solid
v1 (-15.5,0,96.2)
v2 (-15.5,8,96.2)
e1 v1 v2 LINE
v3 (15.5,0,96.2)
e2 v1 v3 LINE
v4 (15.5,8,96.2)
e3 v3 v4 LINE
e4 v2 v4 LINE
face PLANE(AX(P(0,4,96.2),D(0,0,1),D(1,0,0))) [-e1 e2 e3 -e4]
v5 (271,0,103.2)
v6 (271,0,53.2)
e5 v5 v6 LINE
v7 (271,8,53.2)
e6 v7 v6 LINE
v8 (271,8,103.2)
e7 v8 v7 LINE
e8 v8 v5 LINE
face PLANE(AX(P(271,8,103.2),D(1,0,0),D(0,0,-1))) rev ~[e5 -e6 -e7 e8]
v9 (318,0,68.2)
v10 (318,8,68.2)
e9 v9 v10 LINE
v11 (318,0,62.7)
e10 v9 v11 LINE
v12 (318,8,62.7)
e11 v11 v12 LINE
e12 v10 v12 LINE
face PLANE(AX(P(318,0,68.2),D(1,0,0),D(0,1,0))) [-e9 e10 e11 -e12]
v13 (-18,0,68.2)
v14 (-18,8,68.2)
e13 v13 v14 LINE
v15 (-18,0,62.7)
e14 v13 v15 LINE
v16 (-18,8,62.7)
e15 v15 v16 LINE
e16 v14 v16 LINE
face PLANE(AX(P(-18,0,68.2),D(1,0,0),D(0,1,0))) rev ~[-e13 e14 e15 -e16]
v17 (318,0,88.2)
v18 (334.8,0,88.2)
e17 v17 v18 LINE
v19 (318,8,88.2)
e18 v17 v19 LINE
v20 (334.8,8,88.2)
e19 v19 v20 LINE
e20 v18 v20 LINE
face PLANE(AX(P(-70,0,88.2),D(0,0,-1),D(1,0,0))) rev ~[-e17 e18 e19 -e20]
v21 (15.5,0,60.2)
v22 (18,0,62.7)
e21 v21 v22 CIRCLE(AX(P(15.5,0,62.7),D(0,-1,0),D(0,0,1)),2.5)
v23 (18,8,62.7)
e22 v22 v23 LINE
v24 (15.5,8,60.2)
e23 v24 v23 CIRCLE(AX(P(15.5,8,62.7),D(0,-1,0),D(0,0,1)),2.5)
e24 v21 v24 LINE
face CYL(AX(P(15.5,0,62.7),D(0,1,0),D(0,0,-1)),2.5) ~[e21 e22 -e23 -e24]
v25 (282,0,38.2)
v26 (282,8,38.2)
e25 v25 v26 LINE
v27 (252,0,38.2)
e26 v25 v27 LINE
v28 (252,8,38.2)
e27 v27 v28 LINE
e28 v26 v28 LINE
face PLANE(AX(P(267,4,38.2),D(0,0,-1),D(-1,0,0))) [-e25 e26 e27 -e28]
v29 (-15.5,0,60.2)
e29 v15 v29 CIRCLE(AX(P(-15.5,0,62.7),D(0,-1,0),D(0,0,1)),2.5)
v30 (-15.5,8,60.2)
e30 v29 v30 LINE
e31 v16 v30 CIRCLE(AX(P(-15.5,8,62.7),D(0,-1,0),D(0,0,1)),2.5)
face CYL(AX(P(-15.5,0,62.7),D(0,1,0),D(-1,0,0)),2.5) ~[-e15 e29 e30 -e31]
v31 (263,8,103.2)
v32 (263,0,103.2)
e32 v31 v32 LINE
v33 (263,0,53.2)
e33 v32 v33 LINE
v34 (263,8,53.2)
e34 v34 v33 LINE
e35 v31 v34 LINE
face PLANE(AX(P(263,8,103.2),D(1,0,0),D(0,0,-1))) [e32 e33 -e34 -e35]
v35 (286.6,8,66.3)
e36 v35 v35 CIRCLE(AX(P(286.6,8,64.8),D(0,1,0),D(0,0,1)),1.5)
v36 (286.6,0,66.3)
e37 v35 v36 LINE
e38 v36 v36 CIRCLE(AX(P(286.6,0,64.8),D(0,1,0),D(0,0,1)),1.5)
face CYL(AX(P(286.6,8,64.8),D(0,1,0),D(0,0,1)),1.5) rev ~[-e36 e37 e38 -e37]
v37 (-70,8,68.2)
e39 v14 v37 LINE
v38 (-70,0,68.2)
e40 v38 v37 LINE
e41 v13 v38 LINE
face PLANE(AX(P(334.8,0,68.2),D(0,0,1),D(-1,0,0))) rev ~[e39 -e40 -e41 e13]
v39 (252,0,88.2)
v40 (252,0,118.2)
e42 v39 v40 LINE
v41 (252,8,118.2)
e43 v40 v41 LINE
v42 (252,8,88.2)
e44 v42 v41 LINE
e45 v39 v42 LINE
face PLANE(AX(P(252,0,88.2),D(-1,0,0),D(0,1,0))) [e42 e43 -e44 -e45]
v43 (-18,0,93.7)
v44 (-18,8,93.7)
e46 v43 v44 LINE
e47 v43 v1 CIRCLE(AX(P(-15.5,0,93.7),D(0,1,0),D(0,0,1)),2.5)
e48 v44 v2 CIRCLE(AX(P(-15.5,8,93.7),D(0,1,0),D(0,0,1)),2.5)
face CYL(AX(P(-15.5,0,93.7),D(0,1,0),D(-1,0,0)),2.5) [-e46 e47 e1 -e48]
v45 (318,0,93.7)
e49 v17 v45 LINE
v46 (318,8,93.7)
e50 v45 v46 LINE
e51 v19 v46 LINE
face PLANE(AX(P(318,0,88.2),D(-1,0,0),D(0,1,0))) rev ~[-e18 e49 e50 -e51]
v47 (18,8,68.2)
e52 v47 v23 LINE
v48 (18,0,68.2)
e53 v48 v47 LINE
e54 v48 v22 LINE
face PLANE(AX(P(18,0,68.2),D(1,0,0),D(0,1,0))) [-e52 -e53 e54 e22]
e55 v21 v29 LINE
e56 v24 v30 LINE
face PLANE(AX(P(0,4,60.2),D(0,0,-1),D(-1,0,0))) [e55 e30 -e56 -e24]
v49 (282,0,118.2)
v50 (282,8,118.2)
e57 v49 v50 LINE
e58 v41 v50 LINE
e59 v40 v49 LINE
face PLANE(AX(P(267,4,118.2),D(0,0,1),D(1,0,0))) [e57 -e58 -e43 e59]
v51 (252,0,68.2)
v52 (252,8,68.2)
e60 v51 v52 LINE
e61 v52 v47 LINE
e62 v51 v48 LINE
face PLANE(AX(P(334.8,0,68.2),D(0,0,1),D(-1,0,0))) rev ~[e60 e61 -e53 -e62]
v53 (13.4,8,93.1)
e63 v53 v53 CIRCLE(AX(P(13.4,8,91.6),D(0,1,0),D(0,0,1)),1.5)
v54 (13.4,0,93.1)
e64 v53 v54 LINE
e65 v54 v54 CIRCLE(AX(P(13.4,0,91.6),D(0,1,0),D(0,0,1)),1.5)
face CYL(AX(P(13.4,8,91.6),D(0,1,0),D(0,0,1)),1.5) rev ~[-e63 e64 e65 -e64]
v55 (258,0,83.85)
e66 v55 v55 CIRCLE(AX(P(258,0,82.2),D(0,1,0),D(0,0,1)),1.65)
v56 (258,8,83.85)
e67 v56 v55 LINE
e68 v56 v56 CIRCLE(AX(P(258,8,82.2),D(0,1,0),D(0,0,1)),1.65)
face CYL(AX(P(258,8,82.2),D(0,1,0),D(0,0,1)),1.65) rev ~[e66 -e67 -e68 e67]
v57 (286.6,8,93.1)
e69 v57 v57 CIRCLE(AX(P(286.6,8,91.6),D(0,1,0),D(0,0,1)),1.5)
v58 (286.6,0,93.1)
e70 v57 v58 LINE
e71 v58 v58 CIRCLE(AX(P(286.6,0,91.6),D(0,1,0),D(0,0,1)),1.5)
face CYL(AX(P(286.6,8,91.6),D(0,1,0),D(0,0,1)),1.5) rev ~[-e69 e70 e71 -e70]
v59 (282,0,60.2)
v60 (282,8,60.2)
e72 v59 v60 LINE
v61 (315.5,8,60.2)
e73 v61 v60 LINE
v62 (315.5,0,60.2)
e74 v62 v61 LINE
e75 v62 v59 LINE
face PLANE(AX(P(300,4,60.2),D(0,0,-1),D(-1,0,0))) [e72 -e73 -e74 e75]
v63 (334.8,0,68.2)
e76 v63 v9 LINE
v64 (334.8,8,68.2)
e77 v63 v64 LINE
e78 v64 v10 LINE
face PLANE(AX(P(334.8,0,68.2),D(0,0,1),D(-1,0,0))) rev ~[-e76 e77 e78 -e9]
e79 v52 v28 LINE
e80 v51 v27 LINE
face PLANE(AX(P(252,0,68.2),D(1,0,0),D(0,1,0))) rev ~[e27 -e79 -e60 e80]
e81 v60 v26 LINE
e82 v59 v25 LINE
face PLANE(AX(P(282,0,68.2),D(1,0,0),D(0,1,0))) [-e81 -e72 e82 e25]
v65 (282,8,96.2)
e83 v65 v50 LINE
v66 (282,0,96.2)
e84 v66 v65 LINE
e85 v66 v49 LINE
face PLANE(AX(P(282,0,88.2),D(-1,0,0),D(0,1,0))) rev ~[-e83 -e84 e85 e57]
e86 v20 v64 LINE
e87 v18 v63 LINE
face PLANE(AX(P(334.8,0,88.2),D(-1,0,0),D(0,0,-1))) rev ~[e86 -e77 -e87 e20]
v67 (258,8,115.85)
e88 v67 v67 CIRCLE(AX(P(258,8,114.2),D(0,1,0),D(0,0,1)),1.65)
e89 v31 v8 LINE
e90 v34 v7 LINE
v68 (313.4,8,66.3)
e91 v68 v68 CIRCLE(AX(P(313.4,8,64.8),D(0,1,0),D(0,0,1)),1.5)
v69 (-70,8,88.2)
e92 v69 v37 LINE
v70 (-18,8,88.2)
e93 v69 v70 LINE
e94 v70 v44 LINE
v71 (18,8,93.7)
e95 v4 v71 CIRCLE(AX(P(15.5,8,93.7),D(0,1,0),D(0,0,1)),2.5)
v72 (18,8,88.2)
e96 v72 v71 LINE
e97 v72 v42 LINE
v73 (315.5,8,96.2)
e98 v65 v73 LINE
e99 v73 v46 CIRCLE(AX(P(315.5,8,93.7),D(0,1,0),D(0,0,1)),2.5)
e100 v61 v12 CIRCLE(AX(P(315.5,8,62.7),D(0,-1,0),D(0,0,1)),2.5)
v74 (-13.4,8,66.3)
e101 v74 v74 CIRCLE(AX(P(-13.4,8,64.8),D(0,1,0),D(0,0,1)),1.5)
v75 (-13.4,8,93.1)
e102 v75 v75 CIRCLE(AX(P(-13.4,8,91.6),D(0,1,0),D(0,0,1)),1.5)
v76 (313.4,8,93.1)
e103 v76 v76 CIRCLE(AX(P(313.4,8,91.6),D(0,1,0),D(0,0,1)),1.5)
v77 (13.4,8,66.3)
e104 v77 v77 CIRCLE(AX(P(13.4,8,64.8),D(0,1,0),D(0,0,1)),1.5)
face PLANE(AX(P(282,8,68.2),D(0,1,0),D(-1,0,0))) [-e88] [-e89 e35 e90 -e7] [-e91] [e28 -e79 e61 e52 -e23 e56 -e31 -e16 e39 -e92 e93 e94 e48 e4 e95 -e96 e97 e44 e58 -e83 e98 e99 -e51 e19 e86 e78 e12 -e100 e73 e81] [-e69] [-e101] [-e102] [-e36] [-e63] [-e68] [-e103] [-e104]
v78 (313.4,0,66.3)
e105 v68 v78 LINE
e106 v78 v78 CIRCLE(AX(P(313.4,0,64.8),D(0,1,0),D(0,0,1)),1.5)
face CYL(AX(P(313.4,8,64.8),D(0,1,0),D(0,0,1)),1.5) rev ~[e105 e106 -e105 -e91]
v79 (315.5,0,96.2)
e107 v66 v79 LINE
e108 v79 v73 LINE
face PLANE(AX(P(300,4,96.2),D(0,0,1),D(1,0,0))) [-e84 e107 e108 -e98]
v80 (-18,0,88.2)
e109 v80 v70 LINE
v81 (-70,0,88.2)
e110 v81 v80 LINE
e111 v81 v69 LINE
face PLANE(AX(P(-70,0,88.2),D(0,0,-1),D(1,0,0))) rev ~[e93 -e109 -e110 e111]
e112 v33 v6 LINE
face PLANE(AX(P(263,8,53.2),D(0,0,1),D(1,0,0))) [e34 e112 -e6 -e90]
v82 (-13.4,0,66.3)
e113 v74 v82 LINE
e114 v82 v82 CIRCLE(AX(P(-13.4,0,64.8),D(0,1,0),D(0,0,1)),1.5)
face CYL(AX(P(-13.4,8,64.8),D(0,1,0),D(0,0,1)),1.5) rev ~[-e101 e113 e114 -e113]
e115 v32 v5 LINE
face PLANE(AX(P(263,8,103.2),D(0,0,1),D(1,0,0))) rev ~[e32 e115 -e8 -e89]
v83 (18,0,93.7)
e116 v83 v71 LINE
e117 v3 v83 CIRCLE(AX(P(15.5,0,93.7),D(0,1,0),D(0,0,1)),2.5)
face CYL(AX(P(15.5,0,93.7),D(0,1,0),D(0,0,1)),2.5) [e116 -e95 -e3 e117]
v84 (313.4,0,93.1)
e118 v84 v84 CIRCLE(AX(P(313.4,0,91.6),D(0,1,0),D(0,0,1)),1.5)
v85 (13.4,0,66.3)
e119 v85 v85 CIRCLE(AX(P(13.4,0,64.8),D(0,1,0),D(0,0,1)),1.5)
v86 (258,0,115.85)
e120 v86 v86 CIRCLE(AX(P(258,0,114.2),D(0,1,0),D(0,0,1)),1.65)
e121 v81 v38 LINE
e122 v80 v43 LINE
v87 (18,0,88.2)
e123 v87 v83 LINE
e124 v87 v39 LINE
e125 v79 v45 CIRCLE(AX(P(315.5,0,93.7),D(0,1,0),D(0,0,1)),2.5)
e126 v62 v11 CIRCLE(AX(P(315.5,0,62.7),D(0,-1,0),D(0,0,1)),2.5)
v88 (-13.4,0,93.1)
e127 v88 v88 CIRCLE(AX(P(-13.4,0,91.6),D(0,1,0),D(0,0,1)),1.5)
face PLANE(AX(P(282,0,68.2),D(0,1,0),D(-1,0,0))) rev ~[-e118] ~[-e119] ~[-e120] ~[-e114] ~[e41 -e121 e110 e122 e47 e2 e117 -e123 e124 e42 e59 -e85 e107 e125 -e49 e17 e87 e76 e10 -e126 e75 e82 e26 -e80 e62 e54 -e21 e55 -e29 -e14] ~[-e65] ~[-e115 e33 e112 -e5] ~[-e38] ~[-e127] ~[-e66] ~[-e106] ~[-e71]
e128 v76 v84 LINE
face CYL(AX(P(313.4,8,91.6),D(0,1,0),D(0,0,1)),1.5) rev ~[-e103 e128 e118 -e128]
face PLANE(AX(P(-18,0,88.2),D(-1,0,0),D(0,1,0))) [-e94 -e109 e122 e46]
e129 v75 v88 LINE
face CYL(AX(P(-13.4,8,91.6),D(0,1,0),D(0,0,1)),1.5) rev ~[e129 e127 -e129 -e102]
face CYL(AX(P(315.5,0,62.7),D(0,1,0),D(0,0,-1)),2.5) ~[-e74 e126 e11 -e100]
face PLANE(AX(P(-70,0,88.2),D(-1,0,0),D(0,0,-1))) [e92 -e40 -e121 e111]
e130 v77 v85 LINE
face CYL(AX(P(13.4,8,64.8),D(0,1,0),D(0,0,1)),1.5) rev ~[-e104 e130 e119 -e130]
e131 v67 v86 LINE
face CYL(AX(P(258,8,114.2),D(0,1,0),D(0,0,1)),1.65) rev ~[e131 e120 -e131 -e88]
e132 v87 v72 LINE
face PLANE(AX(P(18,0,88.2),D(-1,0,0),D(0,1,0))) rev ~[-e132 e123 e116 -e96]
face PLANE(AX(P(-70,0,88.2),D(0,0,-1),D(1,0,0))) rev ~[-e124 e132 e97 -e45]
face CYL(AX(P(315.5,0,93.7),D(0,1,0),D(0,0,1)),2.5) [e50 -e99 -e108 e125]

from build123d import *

# Parameters (mm, degrees)
SKETCH1_W           = 70
SKETCH1_H           = 20
SKETCH1_W_2         = 264.8
EXTRUDE_931_DEPTH   = 8
SKETCH2_W           = 36
SKETCH2_H           = 8
BOSS_EXTRUDE2_DEPTH = 8
SKETCH4_W           = 36
SKETCH4_H           = 8
BOSS_EXTRUDE3_DEPTH = 8
SKETCH5_R           = 1.5
CUT_EXTRUDE1_DEPTH  = 349.438631613
FILLET1_R           = 2.5
SKETCH6_W           = 30
SKETCH6_H           = 8
BOSS_EXTRUDE4_DEPTH = 30
SKETCH7_W           = 30
SKETCH7_H           = 8
BOSS_EXTRUDE5_DEPTH = 30
SKETCH8_W           = 8
SKETCH8_H           = 50
CUT_EXTRUDE2_DEPTH  = 356.142619239
SKETCH11_R          = 1.65
CUT_EXTRUDE3_DEPTH  = 356.142619239


with BuildPart() as part:
    # Sketch1 → Extrude 931 (new body)
    with BuildSketch(Plane(origin=(0, 0, 0), x_dir=(1, 0, 0), z_dir=(0, 1, 0))):
        with Locations((-35, -78.2)):
            Rectangle(SKETCH1_W, SKETCH1_H)
        with Locations((132.4, -78.2)):
            Rectangle(SKETCH1_W_2, SKETCH1_H)
        with Locations((299.8, -78.2)):
            Rectangle(SKETCH1_W, SKETCH1_H)
    extrude(amount=EXTRUDE_931_DEPTH)

    # Sketch2 → Boss-Extrude2 (add)
    with BuildSketch(Plane(origin=(0, 0, 68.2), x_dir=(-1, 0, 0), z_dir=(0, 0, -1))):
        with Locations((0, 4)):
            Rectangle(SKETCH2_W, SKETCH2_H)
        with Locations((-300, 4)):
            Rectangle(SKETCH2_W, SKETCH2_H)
    extrude(amount=BOSS_EXTRUDE2_DEPTH)

    # Sketch4 → Boss-Extrude3 (add)
    with BuildSketch(Plane.XY.offset(88.2)):
        with Locations((0, 4)):
            Rectangle(SKETCH4_W, SKETCH4_H)
        with Locations((300, 4)):
            Rectangle(SKETCH4_W, SKETCH4_H)
    extrude(amount=BOSS_EXTRUDE3_DEPTH)

    # Sketch5 → Cut-Extrude1 (cut, through all)
    with BuildSketch(Plane(origin=(0, 8, 0), x_dir=(1, 0, 0), z_dir=(0, 1, 0))):
        with Locations(Location((-13.4, -91.6, 0), (0, 0, 270))):
            Circle(SKETCH5_R)
        with Locations(Location((13.4, -91.6, 0), (0, 0, 270))):
            Circle(SKETCH5_R)
        with Locations(Location((13.4, -64.8, 0), (0, 0, 270))):
            Circle(SKETCH5_R)
        with Locations(Location((-13.4, -64.8, 0), (0, 0, 270))):
            Circle(SKETCH5_R)
        with Locations(Location((313.4, -91.6, 0), (0, 0, 270))):
            Circle(SKETCH5_R)
        with Locations(Location((286.6, -64.8, 0), (0, 0, 270))):
            Circle(SKETCH5_R)
        with Locations(Location((313.4, -64.8, 0), (0, 0, 270))):
            Circle(SKETCH5_R)
        with Locations(Location((286.6, -91.6, 0), (0, 0, 270))):
            Circle(SKETCH5_R)
    extrude(amount=-CUT_EXTRUDE1_DEPTH, mode=Mode.SUBTRACT)

    # Fillet1
    fillet1_edges = [part.edges().sort_by_distance(p)[0] for p in [
        (-18, 4, 60.2),
        (18, 4, 60.2),
        (318, 4, 60.2),
        (18, 4, 96.2),
        (-18, 4, 96.2),
        (318, 4, 96.2),
    ]]
    fillet(fillet1_edges, radius=FILLET1_R)

    # Sketch6 → Boss-Extrude4 (add)
    with BuildSketch(Plane.XY.offset(88.2)):
        with Locations((267, 4)):
            Rectangle(SKETCH6_W, SKETCH6_H)
    extrude(amount=BOSS_EXTRUDE4_DEPTH)

    # Sketch7 → Boss-Extrude5 (add)
    with BuildSketch(Plane(origin=(0, 0, 68.2), x_dir=(-1, 0, 0), z_dir=(0, 0, -1))):
        with Locations((-267, 4)):
            Rectangle(SKETCH7_W, SKETCH7_H)
    extrude(amount=BOSS_EXTRUDE5_DEPTH)

    # Sketch8 → Cut-Extrude2 (cut, through all)
    with BuildSketch(Plane(origin=(0, 8, 0), x_dir=(1, 0, 0), z_dir=(0, 1, 0))):
        with Locations((267, -78.2)):
            Rectangle(SKETCH8_W, SKETCH8_H)
    extrude(amount=-CUT_EXTRUDE2_DEPTH, mode=Mode.SUBTRACT)

    # Sketch11 → Cut-Extrude3 (cut, through all)
    with BuildSketch(Plane(origin=(0, 8, 0), x_dir=(1, 0, 0), z_dir=(0, 1, 0))):
        with Locations(Location((258, -114.2, 0), (0, 0, 270))):
            Circle(SKETCH11_R)
        with Locations(Location((258, -82.2, 0), (0, 0, 270))):
            Circle(SKETCH11_R)
    extrude(amount=-CUT_EXTRUDE3_DEPTH, mode=Mode.SUBTRACT)


solid = part.part
